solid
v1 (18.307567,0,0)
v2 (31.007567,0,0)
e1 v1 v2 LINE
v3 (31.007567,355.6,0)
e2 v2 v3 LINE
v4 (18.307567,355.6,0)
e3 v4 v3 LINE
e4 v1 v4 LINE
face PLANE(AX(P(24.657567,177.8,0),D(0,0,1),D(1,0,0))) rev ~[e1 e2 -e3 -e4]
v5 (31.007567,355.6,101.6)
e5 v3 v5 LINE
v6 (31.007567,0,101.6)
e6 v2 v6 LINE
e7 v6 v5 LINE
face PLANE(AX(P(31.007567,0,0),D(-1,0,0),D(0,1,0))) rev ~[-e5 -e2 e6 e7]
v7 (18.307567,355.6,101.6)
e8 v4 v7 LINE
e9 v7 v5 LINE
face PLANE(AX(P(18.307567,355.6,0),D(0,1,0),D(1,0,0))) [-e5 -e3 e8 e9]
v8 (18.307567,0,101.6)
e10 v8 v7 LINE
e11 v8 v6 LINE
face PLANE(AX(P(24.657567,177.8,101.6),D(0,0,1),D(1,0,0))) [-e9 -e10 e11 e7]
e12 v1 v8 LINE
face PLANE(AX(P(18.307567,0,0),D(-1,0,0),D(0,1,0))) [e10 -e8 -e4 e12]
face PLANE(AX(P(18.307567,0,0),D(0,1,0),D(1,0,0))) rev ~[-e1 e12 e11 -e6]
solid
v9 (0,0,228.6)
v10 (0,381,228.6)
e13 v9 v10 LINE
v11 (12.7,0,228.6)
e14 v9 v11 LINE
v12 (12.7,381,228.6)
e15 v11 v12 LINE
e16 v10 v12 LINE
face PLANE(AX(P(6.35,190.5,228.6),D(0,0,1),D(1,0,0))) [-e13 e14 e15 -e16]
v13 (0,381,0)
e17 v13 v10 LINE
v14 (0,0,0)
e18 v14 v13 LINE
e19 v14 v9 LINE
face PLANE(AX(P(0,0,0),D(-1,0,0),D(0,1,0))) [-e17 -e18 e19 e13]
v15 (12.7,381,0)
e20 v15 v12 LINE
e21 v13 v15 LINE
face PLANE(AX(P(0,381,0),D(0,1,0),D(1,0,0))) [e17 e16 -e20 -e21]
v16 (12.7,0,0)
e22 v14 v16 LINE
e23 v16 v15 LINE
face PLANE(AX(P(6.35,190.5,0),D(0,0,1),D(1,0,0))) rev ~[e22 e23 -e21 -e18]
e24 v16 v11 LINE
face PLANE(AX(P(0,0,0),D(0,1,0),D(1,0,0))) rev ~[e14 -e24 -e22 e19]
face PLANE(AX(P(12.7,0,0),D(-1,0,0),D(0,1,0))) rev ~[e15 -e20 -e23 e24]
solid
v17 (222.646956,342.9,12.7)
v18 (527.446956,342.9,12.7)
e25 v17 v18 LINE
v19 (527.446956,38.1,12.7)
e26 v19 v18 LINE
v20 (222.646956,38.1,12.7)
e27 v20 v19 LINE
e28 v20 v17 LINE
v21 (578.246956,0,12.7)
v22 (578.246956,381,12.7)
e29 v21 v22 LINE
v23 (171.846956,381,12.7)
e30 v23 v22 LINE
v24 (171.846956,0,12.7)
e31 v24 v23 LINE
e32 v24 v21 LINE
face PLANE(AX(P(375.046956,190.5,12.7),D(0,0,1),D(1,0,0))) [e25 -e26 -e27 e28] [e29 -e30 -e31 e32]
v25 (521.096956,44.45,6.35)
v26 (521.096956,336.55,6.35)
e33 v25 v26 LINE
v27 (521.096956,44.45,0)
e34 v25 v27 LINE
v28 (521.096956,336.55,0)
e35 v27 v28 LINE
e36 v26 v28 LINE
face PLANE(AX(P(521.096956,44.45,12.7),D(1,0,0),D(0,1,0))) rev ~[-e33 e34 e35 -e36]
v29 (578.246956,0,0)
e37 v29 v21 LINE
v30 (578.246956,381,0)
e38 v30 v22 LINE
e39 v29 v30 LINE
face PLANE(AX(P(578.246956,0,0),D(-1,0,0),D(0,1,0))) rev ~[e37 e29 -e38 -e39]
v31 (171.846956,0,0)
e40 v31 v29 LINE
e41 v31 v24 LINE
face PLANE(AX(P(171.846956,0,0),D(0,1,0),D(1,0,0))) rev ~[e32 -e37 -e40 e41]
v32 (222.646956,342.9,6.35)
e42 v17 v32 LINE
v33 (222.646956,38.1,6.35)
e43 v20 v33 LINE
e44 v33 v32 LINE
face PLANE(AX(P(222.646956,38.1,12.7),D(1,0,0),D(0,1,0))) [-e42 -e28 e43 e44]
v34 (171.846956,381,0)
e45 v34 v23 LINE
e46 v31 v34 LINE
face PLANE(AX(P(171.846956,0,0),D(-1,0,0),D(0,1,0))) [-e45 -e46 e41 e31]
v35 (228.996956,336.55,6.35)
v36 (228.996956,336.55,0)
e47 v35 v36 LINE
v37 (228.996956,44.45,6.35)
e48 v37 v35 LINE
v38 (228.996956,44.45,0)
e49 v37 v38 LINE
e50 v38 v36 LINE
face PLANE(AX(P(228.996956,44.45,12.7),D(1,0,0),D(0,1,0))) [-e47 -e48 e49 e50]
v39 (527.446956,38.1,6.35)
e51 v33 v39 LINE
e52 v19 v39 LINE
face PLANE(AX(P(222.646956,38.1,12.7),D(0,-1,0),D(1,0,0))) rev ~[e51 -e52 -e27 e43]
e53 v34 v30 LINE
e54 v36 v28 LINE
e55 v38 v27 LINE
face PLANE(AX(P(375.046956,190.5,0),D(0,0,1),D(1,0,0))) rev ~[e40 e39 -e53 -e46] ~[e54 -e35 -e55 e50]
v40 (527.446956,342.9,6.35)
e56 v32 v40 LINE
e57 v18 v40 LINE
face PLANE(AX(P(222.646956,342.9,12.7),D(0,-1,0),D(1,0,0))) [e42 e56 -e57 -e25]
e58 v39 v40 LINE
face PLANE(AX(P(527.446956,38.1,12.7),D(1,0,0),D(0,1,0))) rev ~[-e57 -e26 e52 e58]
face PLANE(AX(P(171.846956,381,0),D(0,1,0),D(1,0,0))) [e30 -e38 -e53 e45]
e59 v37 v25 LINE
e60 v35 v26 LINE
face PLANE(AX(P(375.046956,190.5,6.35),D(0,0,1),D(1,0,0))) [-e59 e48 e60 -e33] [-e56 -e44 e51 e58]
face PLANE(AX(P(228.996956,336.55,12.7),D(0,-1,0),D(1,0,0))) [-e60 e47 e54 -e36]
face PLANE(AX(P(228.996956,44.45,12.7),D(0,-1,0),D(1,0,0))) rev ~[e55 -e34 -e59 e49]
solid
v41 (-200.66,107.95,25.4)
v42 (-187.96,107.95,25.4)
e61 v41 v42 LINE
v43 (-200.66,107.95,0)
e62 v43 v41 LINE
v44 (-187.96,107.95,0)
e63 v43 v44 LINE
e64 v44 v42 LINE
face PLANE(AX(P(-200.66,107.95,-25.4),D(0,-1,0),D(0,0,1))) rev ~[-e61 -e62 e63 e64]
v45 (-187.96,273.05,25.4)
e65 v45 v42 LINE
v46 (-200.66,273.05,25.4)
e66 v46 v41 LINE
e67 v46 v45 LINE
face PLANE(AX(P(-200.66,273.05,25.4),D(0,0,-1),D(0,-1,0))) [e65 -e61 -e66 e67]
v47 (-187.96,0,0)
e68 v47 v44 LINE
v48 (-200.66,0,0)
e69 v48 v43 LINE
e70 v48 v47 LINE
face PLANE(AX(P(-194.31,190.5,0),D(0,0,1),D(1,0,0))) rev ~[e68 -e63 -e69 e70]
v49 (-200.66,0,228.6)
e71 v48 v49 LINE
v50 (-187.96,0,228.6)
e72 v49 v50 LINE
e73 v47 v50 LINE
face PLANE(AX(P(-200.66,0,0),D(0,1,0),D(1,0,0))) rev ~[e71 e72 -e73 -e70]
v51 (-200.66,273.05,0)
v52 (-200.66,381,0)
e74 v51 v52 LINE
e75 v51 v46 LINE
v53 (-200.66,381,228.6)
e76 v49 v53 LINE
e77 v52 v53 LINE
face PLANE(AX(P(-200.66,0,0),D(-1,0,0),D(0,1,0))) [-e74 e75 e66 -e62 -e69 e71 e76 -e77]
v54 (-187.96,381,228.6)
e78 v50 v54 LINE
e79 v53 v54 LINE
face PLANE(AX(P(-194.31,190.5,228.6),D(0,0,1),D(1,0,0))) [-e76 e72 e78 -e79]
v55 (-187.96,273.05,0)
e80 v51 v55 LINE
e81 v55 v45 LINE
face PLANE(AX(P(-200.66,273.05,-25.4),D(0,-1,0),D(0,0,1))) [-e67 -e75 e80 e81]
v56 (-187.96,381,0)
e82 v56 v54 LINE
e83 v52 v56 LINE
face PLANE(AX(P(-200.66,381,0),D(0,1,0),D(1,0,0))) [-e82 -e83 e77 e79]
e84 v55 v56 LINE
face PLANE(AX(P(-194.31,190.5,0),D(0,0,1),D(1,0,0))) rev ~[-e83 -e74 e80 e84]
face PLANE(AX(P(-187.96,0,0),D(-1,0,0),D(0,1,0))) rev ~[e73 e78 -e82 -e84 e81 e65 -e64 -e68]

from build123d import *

# Parameters (mm, degrees)
F0_W      = 12.7
F0_H      = 381
F1_DEPTH  = 228.6
F2_W      = 406.4
F2_H      = 381
F3_DEPTH  = 12.7
F4_W      = 304.8
F4_H      = 304.8
F5_DEPTH  = 6.35
F6_W      = 292.1
F6_H      = 292.1
F7_DEPTH  = 12.701
F9_W      = 165.1
F9_H      = 50.8
F10_DEPTH = 25.4
F11_W     = 12.7
F11_H     = 355.6
F12_DEPTH = 101.6


with BuildPart() as f1:
    # F0 (on Top) → F1 (new body)
    with BuildSketch(Plane.XY):
        with Locations((6.35, 190.5)):
            Rectangle(F0_W, F0_H)
    extrude(amount=F1_DEPTH)


with BuildPart() as f3:
    # F2 (on Top) → F3 (new body)
    with BuildSketch(Plane.XY):
        with Locations((375.046956, 190.5)):
            Rectangle(F2_W, F2_H)
    extrude(amount=F3_DEPTH)

    # F4 (on face) → F5 (cut)
    with BuildSketch(Plane.XY.offset(12.7)):
        with Locations((375.046956, 190.5)):
            Rectangle(F4_W, F4_H)
    extrude(amount=-F5_DEPTH, mode=Mode.SUBTRACT)

    # F6 (on face) → F7 (cut, through all)
    with BuildSketch(Plane.XY.offset(12.7)):
        with Locations((375.046956, 190.5)):
            Rectangle(F6_W, F6_H)
    extrude(amount=-F7_DEPTH, mode=Mode.SUBTRACT)


with BuildPart() as f8_1:
    # F8: copy of F1
    add(f1.part.moved(Location((-200.66, 0, 0))))

    # F9 (on face) → F10 (cut)
    with BuildSketch(Plane(origin=(-200.66, 0, 0), x_dir=(0, -1, 0), z_dir=(-1, 0, 0))):
        with Locations((-190.5, 0)):
            Rectangle(F9_W, F9_H)
    extrude(amount=-F10_DEPTH, mode=Mode.SUBTRACT)


with BuildPart() as f12:
    # F11 (on Top) → F12 (new body)
    with BuildSketch(Plane.XY):
        with Locations((24.657567, 177.8)):
            Rectangle(F11_W, F11_H)
    extrude(amount=F12_DEPTH)


solid = Compound([f1.part, f3.part, f8_1.part, f12.part])
